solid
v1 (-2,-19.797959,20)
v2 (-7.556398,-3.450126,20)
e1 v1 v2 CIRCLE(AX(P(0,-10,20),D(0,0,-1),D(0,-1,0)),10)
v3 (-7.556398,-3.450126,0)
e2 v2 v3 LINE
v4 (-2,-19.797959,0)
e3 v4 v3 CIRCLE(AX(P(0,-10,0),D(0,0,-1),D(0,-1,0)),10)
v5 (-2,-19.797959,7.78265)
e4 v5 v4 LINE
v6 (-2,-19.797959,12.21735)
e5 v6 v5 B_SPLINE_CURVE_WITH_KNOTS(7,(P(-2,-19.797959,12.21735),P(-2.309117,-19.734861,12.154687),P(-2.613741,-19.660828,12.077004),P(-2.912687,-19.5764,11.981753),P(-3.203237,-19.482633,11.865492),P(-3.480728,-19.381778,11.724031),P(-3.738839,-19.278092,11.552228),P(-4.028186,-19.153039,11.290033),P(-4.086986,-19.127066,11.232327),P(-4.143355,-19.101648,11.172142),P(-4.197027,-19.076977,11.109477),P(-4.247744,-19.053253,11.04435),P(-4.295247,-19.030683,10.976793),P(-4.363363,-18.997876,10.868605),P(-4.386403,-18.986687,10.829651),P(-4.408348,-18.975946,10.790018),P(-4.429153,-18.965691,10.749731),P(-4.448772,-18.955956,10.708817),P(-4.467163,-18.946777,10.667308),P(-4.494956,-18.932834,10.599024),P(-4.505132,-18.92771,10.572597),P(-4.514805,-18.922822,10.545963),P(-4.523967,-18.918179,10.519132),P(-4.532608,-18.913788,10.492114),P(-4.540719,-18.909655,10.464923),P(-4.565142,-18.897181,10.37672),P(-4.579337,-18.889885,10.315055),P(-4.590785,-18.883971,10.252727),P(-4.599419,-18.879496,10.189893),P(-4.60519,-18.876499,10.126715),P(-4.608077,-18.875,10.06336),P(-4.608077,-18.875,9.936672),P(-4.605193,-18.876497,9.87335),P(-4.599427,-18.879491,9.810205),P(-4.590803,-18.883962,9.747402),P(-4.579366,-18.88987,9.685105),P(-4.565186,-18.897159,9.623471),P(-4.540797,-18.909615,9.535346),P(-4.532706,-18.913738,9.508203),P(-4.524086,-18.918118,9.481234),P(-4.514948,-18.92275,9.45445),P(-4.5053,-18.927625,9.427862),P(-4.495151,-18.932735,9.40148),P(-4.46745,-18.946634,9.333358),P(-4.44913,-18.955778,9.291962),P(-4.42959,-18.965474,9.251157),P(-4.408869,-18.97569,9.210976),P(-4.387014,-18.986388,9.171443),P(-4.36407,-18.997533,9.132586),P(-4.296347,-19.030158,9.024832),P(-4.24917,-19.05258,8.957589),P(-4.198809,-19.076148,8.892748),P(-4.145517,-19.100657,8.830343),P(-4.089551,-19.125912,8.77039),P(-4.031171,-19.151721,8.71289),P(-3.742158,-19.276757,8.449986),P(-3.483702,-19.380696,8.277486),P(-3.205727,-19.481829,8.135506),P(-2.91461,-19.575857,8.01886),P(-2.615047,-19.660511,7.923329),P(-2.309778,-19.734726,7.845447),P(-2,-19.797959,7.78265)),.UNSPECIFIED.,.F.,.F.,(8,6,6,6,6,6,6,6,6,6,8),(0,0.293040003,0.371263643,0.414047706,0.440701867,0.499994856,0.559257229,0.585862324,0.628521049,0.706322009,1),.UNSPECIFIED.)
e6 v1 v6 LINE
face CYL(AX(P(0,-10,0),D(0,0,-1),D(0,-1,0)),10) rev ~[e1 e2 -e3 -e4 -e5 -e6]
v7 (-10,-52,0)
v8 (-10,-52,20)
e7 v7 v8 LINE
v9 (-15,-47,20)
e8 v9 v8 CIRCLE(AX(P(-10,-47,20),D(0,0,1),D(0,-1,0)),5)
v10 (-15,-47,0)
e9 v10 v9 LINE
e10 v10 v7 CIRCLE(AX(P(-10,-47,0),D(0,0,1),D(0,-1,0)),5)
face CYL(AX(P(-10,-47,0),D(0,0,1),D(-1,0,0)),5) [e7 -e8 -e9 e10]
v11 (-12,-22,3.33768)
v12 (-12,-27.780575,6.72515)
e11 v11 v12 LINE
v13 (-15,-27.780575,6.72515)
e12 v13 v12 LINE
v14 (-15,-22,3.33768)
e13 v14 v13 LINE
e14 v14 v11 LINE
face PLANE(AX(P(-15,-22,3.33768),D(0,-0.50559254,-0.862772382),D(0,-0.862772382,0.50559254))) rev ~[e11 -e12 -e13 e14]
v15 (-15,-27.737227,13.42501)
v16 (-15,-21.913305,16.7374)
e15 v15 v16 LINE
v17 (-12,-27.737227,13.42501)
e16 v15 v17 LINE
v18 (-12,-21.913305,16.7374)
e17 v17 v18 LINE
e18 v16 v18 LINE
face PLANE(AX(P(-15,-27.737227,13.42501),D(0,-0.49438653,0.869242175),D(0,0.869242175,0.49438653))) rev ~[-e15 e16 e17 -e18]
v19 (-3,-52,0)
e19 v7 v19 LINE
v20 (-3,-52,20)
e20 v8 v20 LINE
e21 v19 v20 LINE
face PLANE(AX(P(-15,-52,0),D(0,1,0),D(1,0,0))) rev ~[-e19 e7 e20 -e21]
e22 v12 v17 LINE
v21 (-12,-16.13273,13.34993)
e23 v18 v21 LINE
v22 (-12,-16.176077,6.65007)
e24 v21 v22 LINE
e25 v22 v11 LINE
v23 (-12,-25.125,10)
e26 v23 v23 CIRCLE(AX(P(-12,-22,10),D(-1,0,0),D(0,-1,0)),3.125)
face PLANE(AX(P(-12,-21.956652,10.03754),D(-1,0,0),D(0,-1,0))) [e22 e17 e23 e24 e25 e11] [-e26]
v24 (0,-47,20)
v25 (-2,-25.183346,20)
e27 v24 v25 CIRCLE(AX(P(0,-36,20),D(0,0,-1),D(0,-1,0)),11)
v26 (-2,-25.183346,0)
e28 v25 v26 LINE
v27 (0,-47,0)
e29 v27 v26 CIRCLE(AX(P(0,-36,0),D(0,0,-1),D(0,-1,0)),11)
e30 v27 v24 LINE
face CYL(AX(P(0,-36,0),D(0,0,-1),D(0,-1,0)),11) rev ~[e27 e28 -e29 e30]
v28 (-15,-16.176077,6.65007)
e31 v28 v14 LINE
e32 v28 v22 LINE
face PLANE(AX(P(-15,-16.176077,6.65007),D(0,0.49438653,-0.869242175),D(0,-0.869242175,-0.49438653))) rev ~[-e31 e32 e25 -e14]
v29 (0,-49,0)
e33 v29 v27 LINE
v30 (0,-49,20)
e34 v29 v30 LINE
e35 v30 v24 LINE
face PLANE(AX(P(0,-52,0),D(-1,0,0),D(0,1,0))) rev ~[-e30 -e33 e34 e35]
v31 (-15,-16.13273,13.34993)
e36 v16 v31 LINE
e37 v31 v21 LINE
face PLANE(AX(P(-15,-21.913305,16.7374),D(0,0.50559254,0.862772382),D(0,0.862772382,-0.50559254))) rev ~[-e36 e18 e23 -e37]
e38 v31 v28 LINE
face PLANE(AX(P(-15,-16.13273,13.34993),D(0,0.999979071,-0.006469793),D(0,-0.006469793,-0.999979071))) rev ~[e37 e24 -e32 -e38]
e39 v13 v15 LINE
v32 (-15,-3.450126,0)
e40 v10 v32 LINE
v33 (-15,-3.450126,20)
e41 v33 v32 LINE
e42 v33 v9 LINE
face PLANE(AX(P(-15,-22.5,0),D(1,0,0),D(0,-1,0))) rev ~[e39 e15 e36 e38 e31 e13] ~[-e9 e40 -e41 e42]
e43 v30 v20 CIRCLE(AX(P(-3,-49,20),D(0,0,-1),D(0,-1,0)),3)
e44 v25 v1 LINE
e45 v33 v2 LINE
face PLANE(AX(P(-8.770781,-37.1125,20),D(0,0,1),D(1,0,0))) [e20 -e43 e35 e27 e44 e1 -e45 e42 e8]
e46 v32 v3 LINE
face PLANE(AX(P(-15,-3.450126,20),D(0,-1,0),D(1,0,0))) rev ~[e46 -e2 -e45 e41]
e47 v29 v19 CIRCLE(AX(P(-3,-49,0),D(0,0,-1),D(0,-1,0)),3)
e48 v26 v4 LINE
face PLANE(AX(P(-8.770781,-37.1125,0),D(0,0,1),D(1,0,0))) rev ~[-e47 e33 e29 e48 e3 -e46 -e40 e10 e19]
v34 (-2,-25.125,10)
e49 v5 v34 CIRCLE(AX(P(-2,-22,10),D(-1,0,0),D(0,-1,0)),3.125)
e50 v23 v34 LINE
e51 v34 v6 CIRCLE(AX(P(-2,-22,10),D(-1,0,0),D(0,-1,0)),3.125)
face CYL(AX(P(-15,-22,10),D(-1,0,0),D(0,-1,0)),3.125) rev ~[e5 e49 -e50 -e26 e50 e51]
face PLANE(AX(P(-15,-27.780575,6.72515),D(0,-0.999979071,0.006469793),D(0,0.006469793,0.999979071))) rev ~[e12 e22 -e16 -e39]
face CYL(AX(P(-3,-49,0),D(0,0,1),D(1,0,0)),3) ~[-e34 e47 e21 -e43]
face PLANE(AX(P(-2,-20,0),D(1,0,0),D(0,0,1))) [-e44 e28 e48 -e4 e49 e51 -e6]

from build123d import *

# Parameters (mm, degrees)
F1_DEPTH  = 20
F2_DEPTH  = 20
F3_DEPTH  = 1
F4_DEPTH  = 2
F5_R      = 5
F6_R      = 3.125
F7_DEPTH  = 3
F9_DEPTH  = 20
F10_DEPTH = 2
F11_DEPTH = 0.2030410289
F12_DEPTH = 0.1843461736
F13_R     = 3
F14_DEPTH = 13


with BuildPart() as f1:
    # F0 (on Top) → F1 (new body)
    with BuildSketch(Plane.XY):
        with BuildLine():
            Line((-15, -22.5), (0, -22.5))
            Line((0, -22.5), (0, -20))
            ThreePointArc((0, -20), (-10, -10), (0, 0))
            Line((0, 0), (0, 6))
            Line((0, 6), (-15, 6))
            Line((-15, 6), (-15, -22.5))
        make_face()
    extrude(amount=F1_DEPTH)

    # F0 (on Top) → F2 (join)
    with BuildSketch(Plane.XY):
        with BuildLine():
            ThreePointArc((0, -47), (-11, -36), (0, -25))
            Line((0, -25), (0, -22.5))
            Line((0, -22.5), (-15, -22.5))
            Line((-15, -22.5), (-15, -52))
            Line((-15, -52), (0, -52))
            Line((0, -52), (0, -47))
        make_face()
    extrude(amount=F2_DEPTH)

    # F3 (cut): a face of the model
    f3_faces = [f1.faces().sort_by_distance(p)[0] for p in [
        (0, 3, 10),
    ]]
    extrude(f3_faces, amount=-F3_DEPTH, mode=Mode.SUBTRACT)

    # F4 (cut): a face of the model
    f4_faces = [f1.faces().sort_by_distance(p)[0] for p in [
        (-0.5, 0, 10),
    ]]
    extrude(f4_faces, amount=-F4_DEPTH, mode=Mode.SUBTRACT)

    # F5
    f5_edges = [f1.edges().sort_by_distance(p)[0] for p in [
        (-15, -52, 10),
    ]]
    fillet(f5_edges, radius=F5_R)

    # F6 (on face) → F7 (cut)
    with BuildSketch(Plane(origin=(-15, 0, 0), x_dir=(0, -1, 0), z_dir=(-1, 0, 0))):
        Polygon((16.1327298143, 13.3499298867), (16.1760774277, 6.6500701133), (22, 3.3376803609), (27.7805749589, 6.725150382), (27.7372273456, 13.4250101555), (21.9133047732, 16.7373999079), align=None)
        with Locations((22, 10)):
            Circle(F6_R, mode=Mode.SUBTRACT)
    extrude(amount=-F7_DEPTH, mode=Mode.SUBTRACT)

    # F8 (on face) → F9 (cut, through all)
    with BuildSketch(Plane.XY.offset(20)):
        with BuildLine():
            Line((-15, 6), (-15, -3.4501256289))
            Line((-15, -3.4501256289), (-7.5563976684, -3.4501256289))
            ThreePointArc((-7.5563976684, -3.4501256289), (-4.6035839587, -1.1226684902), (-1, -0.0501256289))
            Line((-1, -0.0501256289), (-1, 6))
            Line((-1, 6), (-15, 6))
        make_face()
    extrude(amount=-F9_DEPTH, mode=Mode.SUBTRACT)

    # F10 (cut): a face of the model
    f10_faces = [f1.faces().sort_by_distance(p)[0] for p in [
        (0, -22.5, 10),
    ]]
    extrude(f10_faces, amount=-F10_DEPTH, mode=Mode.SUBTRACT)

    # F11 (cut, through all): a face of the model
    f11_faces = [f1.faces().sort_by_distance(p)[0] for p in [
        (-1, -20, 10),
    ]]
    extrude(f11_faces, amount=-F11_DEPTH, mode=Mode.SUBTRACT)

    # F12 (cut, through all): a face of the model
    f12_faces = [f1.faces().sort_by_distance(p)[0] for p in [
        (-1, -25, 10),
    ]]
    extrude(f12_faces, amount=-F12_DEPTH, mode=Mode.SUBTRACT)

    # F13
    f13_edges = [f1.edges().sort_by_distance(p)[0] for p in [
        (0, -52, 10),
    ]]
    fillet(f13_edges, radius=F13_R)

    # F14 (cut, through all): a face of the model
    f14_faces = [f1.faces().sort_by_distance(p)[0] for p in [
        (-15, -22, 10),
    ]]
    extrude(f14_faces, amount=-F14_DEPTH, mode=Mode.SUBTRACT)


solid = f1.part
